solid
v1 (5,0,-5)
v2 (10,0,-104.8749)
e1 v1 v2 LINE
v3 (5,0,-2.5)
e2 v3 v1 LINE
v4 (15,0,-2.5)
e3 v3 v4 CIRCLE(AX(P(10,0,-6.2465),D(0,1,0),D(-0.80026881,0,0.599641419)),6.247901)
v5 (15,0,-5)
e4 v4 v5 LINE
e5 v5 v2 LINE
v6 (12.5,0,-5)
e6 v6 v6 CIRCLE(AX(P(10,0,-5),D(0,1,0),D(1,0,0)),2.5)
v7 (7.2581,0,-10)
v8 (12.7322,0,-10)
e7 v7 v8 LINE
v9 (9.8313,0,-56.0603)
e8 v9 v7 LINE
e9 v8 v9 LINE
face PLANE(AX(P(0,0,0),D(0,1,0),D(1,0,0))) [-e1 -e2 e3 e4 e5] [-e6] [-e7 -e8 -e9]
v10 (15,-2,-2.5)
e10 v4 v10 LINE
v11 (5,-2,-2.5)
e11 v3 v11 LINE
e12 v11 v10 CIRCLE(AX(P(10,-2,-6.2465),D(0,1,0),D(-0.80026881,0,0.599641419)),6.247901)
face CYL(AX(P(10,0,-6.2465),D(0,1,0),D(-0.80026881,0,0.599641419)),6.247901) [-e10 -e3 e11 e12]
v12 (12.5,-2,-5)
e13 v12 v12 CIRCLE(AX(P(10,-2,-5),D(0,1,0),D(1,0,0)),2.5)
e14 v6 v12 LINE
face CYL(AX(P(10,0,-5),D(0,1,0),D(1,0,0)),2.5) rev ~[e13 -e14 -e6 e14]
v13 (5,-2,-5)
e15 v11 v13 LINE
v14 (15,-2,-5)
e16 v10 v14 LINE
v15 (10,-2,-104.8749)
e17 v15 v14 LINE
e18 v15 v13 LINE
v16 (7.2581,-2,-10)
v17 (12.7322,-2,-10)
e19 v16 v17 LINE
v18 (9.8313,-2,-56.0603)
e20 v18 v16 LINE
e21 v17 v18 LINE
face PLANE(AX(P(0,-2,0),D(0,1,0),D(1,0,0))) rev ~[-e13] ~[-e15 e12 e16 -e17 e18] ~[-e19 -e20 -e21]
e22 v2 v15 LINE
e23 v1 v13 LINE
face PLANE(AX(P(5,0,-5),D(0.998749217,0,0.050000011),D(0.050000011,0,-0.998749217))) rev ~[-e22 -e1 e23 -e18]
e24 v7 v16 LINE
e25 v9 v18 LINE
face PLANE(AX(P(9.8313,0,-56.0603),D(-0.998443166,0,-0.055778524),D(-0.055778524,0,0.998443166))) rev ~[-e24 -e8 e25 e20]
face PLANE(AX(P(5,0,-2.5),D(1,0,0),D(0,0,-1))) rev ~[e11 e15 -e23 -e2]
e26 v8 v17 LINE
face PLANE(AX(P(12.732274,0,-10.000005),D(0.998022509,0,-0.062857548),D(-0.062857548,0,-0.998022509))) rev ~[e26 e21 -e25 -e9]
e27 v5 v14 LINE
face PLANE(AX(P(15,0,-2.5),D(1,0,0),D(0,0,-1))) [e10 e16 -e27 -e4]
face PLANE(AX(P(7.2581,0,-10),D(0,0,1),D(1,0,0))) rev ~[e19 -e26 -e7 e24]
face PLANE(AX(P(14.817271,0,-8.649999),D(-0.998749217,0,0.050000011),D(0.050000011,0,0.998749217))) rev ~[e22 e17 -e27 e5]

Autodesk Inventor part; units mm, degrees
ref_plane "YZ Plane" through (0, 0, 0) normal (1, 0, 0) x (0, 1, 0)
ref_plane "XZ Plane" through (0, 0, 0) normal (0, 1, 0) x (-1, 0, 0)
ref_plane "XY Plane" through (0, 0, 0) normal (0, 0, 1) x (1, 0, 0)
sketch "Szkic3" plane through (0, 0, 0) normal (0, 1, 0) x (-1, 0, 0)
  line L0 (0, 0) -> (10, 0)
  line L1 (10, 0) -> (10, -50)
  line L2 (10, -50) -> (0, -50)
  line L3 (0, -50) -> (0, 0)
  circle A0 centre (5, -5) radius 2.5
  arc A1 (10, -2.5) -> (0, -2.5) centre (5, -6.25) ccw
  line L4 (8, -50) -> (2, -50)
  line L5 (2, -50) -> (2, -10)
  line L6 (2, -10) -> (8, -10)
  line L7 (8, -10) -> (8, -50)
  line L8 (2, -10) -> (8, -16)
  line L9 (2, -10) -> (10.4853, -10) construction
  line L10 (8, -16) -> (8, -18)
  line L11 (8, -18) -> (2, -12)
  line L12 (2, -10) -> (2, -12)
  line L13 (8, -18) -> (8, -22)
  line L14 (2, -16) -> (8, -22)
  line L15 (8, -24) -> (2, -18)
  line L16 (8, -16) -> (8, -14)
  line L17 (8, -24) -> (8, -26)
  line L18 (2, -20) -> (8, -26)
  line L19 (8, -28) -> (2, -22)
  line L20 (8, -28) -> (8, -32)
  line L21 (2, -26) -> (8, -32)
  line L22 (8, -34) -> (2, -28)
  line L23 (8, -34) -> (8, -36)
  line L24 (2, -26) -> (8, -32)
  line L25 (8, -34) -> (2, -28)
  line L26 (8, -34) -> (8, -38)
  line L27 (2, -32) -> (8, -38)
  line L28 (8, -40) -> (2, -34)
  line L29 (8, -40) -> (8, -42)
  line L30 (2, -32) -> (8, -38)
  line L31 (8, -40) -> (2, -34)
  line L32 (8, -40) -> (8, -44)
  line L33 (2, -38) -> (8, -44)
  line L34 (8, -46) -> (2, -40)
  line L35 (8, -46) -> (8, -48)
  line L36 (2, -38) -> (8, -44)
  line L37 (8, -46) -> (2, -40)
  line L38 (8, -46) -> (8, -50)
  line L39 (8, -46) -> (8, -48)
  line L40 (8, -48) -> (2, -42)
  line L41 (2, -42) -> (2, -44)
  line L42 (2, -44) -> (8, -50)
  line L43 (7, -49) -> (2, -49)
  circle A2 centre (5, -5) radius 3.25
  dimension "d9" = 10
  dimension "d10" = 50
  dimension "d11" = 5
  dimension "d12" = 6
  dimension "d13" = 40
  dimension "d14" = 45
  dimension "d15" = 2
  dimension "d16" = 4
  dimension "d17" = 2
  dimension "d18" = 2
  dimension "d19" = 2
  dimension "d20" = 2
  dimension "d21" = 4
  dimension "d22" = 2
  dimension "d23" = 2
  dimension "d24" = 2
  dimension "d25" = 4
  dimension "d26" = 2
  dimension "d27" = 2
  dimension "d28" = 2
  dimension "d29" = 4
  dimension "d30" = 2
  dimension "d32" = 2
  dimension "d36" = 2
  dimension "d37" = 2
  dimension "d42" = 6.5
extrude "Wyciągnięcie proste2" add sketch "Szkic3" against normal blind 2 contours A1 L1 L2 L7 L6 L5 L3 | L5 L43 L42 L2 | L42 L5 L40 L7 | L34 L5 L33 L7 | L28 L5 L27 L7 | L5 L21 L7 L22 | L5 L18 L7 L19 | L5 L14 L7 L15 | L5 L8 L7 L11 | A2
ref_plane "Płaszczyzna konstrukcyjna1" through (0, 0, -50) normal (0, 0, -1) x (-1, 0, 0)
mirror "Odbij1" about plane through (0, 0, -50) normal (0, 0, -1) of "Wyciągnięcie proste2"
sketch "Szkic4" plane through (0, 0, 0) normal (0, 1, 0) x (1, 0, 0)
  line L0 (-7.5, 91.0504) -> (-2.5, 91.0504)
  line L1 (-2.5, 91.0504) -> (-2.5, 98.6571)
  line L2 (-2.5, 98.6571) -> (-7.5, 98.6571)
  line L3 (-7.5, 98.6571) -> (-7.5, 91.0504)
  point P0 (0, 0)
extrude "Wyciągnięcie proste3" cut sketch "Szkic4" against normal blind 2
sketch "Szkic5" plane through (0, 0, 0) normal (0, 1, 0) x (1, 0, 0)
  line L0 (-10, 2.5) -> (-10, 97.5) projected
  line L1 (-10, 97.5) -> (-10, 67.5)
  line L2 (-10, 67.5) -> (-13, 67.5)
  line L3 (-13, 67.5) -> (-13, 97.5)
  line L4 (-13, 97.5) -> (-10, 97.5)
  arc A0 (0, 97.5) -> (-10, 97.5) centre (-5, 93.75) ccw projected
  line L5 (-5, 100) -> (-5, 49.8742)
  line L6 (-5, 100) -> (45.1258, 100) construction
  line L7 (-13, 67.5) -> (-10, 62.3038)
  line L8 (-13, 67.5) -> (-7, 67.5) construction
  line L9 (-10, 62.3038) -> (-10, 67.5)
  line L10 (0, 2.5) -> (0, 97.5)
  line L11 (0, 67.5) -> (3, 67.5)
  line L12 (3, 67.5) -> (3, 97.5)
  line L13 (3, 97.5) -> (0, 97.5)
  line L14 (3, 67.5) -> (0, 62.3038)
  arc A1 (3, 97.5) -> (-13, 97.5) centre (-5, 94.4495) ccw
  point P0 (0, 0)
  dimension "d43" = 30
  dimension "d44" = 3
  dimension "d45" = 90
  dimension "d46" = 60
extrude "Wyciągnięcie proste4" add sketch "Szkic5" against normal blind 2
sketch "Szkic6" plane through (0, 0, 0) normal (0, 1, 0) x (1, 0, 0)
  line L0 (-10, 62.3038) -> (-10, 2.5) projected
  line L1 (-10, 62.3038) -> (-10, 97.356)
  line L2 (-10, 97.356) -> (0, 97.356)
  line L3 (0, 97.356) -> (0, 62.3038)
  line L4 (0, 62.3038) -> (-10, 62.3038)
  point P0 (0, 0)
extrude "Wyciągnięcie proste5" cut sketch "Szkic6" against normal blind 2
sketch "Szkic7" plane through (0, 0, 0) normal (0, 1, 0) x (1, 0, 0)
  line L0 (-10, 62.3038) -> (-8, 62.3038) projected
  line L1 (-10, 62.3038) -> (-10, 67.4287)
  line L2 (-10, 62.3038) -> (-10, 97.356) projected
  line L3 (-10, 67.4287) -> (0, 67.4287)
  line L4 (0, 62.3038) -> (0, 97.356) projected
  line L5 (0, 62.3038) -> (0, 67.4287)
  line L6 (0, 62.3038) -> (-2, 62.3038) projected
  line L7 (-10, 2.5) -> (-10, 62.3038) projected
  line L8 (0, 62.3038) -> (-10, 62.3038)
  line L9 (-10, 62.3038) -> (-10, 61.2351)
  line L10 (-10, 61.2351) -> (0, 61.2351)
  line L11 (0, 61.2351) -> (0, 62.3038)
  line L12 (-10, 61.2351) -> (0, 61.2351)
  line L13 (0, 2.5) -> (0, 62.3038) projected
  line L14 (0, 61.2351) -> (0, 67.4287)
  line L15 (0, 67.4287) -> (-10, 67.4287)
  line L16 (-10, 61.2351) -> (-10, 67.4287)
  point P0 (0, 0)
extrude "Wyciągnięcie proste6" add sketch "Szkic7" against normal blind 2
sketch "Szkic8" plane through (0, 0, 0) normal (0, 1, 0) x (1, 0, 0)
  line L0 (-7.5, 97.356) -> (-10, 97.356) projected
  line L1 (-10, 97.356) -> (-11, 97.356)
  line L2 (-11, 97.356) -> (-11, 67.4287)
  line L3 (-11, 67.4287) -> (-10, 67.4287)
  line L4 (-10, 67.4287) -> (-10, 97.356)
  line L5 (0, 97.356) -> (1, 97.356)
  line L6 (1, 97.356) -> (1, 67.4287)
  line L7 (1, 67.4287) -> (0, 67.4287)
  line L8 (0, 67.4287) -> (0, 97.356)
  line L9 (-11, 67.4287) -> (1, 67.4287)
  line L10 (1, 67.4287) -> (1, 72.7222)
  line L11 (1, 72.7222) -> (-11, 72.7222)
  line L12 (-11, 72.7222) -> (-11, 67.4287)
  point P0 (0, 0)
  point P1 (0, 72.7222)
  point P2 (-10, 72.7222)
  dimension "d53" = 1
  dimension "d54" = 1
extrude "Wyciągnięcie proste7" cut sketch "Szkic8" against normal blind 2 contours L4 L11 L2 L1 | L8 L5 L6 L11
sketch "Szkic9" plane through (0, 0, 0) normal (0, 1, 0) x (1, 0, 0)
  line L0 (-10, 72.7222) -> (0, 72.7222)
  line L1 (0, 72.7222) -> (0, 67.3617)
  line L2 (0, 67.3617) -> (-10, 67.3617)
  line L3 (-10, 67.3617) -> (-10, 72.7222)
  point P0 (0, 0)
extrude "Wyciągnięcie proste8" add sketch "Szkic9" against normal blind 2
sketch "Szkic10" plane through (0, 0, 0) normal (0, 1, 0) x (1, 0, 0)
  point P0 (0, 0)
split "Podział1" plane through (0, 0, -50) removes the side toward (0, 0, -1)
sketch "Szkic11" plane through (0, 0, 0) normal (0, 1, 0) x (1, 0, 0)
  line L0 (-10, 2.5) -> (-10, 50) projected
  line L1 (-10, 50) -> (0, 50)
  line L2 (0, 50) -> (0, 100)
  line L3 (0, 100) -> (-10, 100)
  line L4 (-10, 100) -> (-10, 50)
  line L5 (-10, 100) -> (0, 100)
  line L6 (0, 100) -> (0, 124.634)
  line L7 (0, 124.634) -> (-10, 124.634)
  line L8 (-10, 124.634) -> (-10, 100)
  line L9 (-10, 124.634) -> (-11, 124.634)
  line L10 (-11, 124.634) -> (-11, 100)
  line L11 (-11, 100) -> (-10, 100)
  line L12 (-10, 100) -> (-10, 124.634)
  line L13 (0, 124.634) -> (1, 124.634)
  line L14 (1, 124.634) -> (1, 100)
  line L15 (1, 100) -> (0, 100)
  line L16 (0, 100) -> (0, 124.634)
  line L17 (-11, 100) -> (-9, 100) construction
  line L18 (1, 100) -> (3, 100) construction
  line L19 (-11, 124.634) -> (1, 124.634)
  line L20 (1, 124.634) -> (1, 126.634)
  line L21 (1, 126.634) -> (-11, 126.634)
  line L22 (-11, 126.634) -> (-11, 124.634)
  line L23 (-11, 100) -> (-12, 100)
  line L24 (-12, 100) -> (-12, 126.634)
  line L25 (-12, 126.634) -> (-11, 126.634)
  line L26 (-11, 126.634) -> (-11, 100)
  line L27 (1, 126.634) -> (2, 126.634)
  line L28 (2, 126.634) -> (2, 100)
  line L29 (2, 100) -> (1, 100)
  line L30 (1, 100) -> (1, 126.634)
  line L31 (-12, 100) -> (-10, 96.5359)
  line L32 (-12, 100) -> (-8, 100) construction
  line L33 (2, 100) -> (0, 96.5359)
  line L34 (2, 100) -> (6, 100) construction
  line L35 (-10, 124.634) -> (-10.5, 124.634)
  line L36 (-10.5, 124.634) -> (-10.5, 100)
  line L37 (0.5, 100) -> (0.5, 124.634)
  line L38 (0.75, 100) -> (0.75, 124.634)
  line L39 (-11, 100) -> (-10.75, 100)
  line L40 (-10.75, 100) -> (-10.75, 124.634)
  point P0 (0, 0)
  dimension "d59" = 10
  dimension "d60" = 50
  dimension "d61" = 10
  dimension "d62" = 24.634
  dimension "d63" = 1
  dimension "d64" = 1
  dimension "d67" = 2
  dimension "d68" = 1
  dimension "d69" = 1
  dimension "d70" = 60
  dimension "d71" = 120
  dimension "d90" = 0.5
  dimension "d107" = 0.25
extrude "Wyciągnięcie proste9" add sketch "Szkic11" against normal blind 2 contours L4 L3 L2 L1 | L31 L23 L11 L4 | L2 L15 L29 L33 | L24 L25 L22 L10 L23 | L29 L14 L20 L27 L28 | L9 L22 L21 L20 L13 L7
sketch "Szkic12" plane through (0, 0, 0) normal (0, 1, 0) x (1, 0, 0)
  line L0 (-8, 51.0298) -> (-2, 51.0298)
  line L1 (-2, 51.0298) -> (-2, 96.6875)
  line L2 (-2, 96.6875) -> (-8, 96.6875)
  line L3 (-8, 96.6875) -> (-8, 51.0298)
  line L4 (-8, 51.0298) -> (-2, 54.4939)
  line L5 (-8, 51.0298) -> (-1.0718, 51.0298) construction
  line L6 (-2, 54.4939) -> (-2, 59.4939)
  line L7 (-2, 59.4939) -> (-8, 56.0298)
  line L8 (-8, 51.0298) -> (-8, 56.0298)
  line L9 (-8, 56.0298) -> (-8, 61.0298)
  line L10 (-8, 61.0298) -> (-2, 64.4939)
  line L11 (-2, 64.4939) -> (-2, 69.4939)
  line L12 (-2, 69.4939) -> (-8, 66.0298)
  line L13 (-8, 61.0298) -> (-8, 66.0298)
  line L14 (-8, 66.0298) -> (-2, 69.4939)
  line L15 (-2, 74.4939) -> (-8, 71.0298)
  line L16 (-8, 76.0298) -> (-2, 79.4939)
  line L17 (-2, 84.4939) -> (-8, 81.0298)
  line L18 (-8, 71.0298) -> (-2, 74.4939)
  line L19 (-2, 79.4939) -> (-8, 76.0298)
  line L20 (-8, 81.0298) -> (-2, 84.4939)
  line L21 (-2, 89.4939) -> (-8, 86.0298)
  line L22 (-8, 76.0298) -> (-2, 79.4939)
  line L23 (-2, 84.4939) -> (-8, 81.0298)
  line L24 (-8, 86.0298) -> (-2, 89.4939)
  line L25 (-2, 94.4939) -> (-8, 91.0298)
  point P0 (0, 0)
  dimension "d74" = 30
  dimension "d75" = 5
  dimension "d76" = 5
  dimension "d77" = 5
  dimension "d78" = 5
  dimension "d79" = 5
  dimension "d80" = 5
  dimension "d81" = 5
  dimension "d82" = 5
  dimension "d83" = 5
  dimension "d84" = 5
  dimension "d85" = 5
  dimension "d86" = 5
extrude "Wyciągnięcie proste10" cut sketch "Szkic12" against normal blind 2 contours L3 L7 L1 L4 | L3 L12 L1 L10 | L3 L16 L1 L15 | L3 L21 L1 L17 | L3 L2 L1 L25
sketch "Szkic14" plane through (0, 0, 0) normal (0, 1, 0) x (1, 0, 0)
  arc A0 (5, 2.5) -> (15, 2.5) centre (10, 6.2465) ccw
  circle A1 centre (10, 5) radius 2.5
  line L0 (5, 2.5) -> (5, 5)
  line L1 (15, 2.5) -> (15, 5)
  line L2 (5, 5) -> (10, 104.8749)
  line L3 (10, 104.8749) -> (15, 5)
  line L4 (5.1827, 8.65) -> (14.8173, 8.65)
  line L5 (6.9979, 8.65) -> (12.6647, 8.65) construction
  line L6 (5.1827, 8.65) -> (7.1827, 8.65)
  line L7 (14.8173, 8.65) -> (12.8173, 8.65)
  line L8 (12.8173, 8.65) -> (9.8313, 56.0603)
  line L9 (9.8313, 56.0603) -> (7.1827, 8.65)
  line L10 (7.2581, 10) -> (12.7322, 10)
  point P0 (0, 0)
  dimension "d91" = 10
  dimension "d92" = 5
  dimension "d93" = 100
  dimension "d103" = 2
  dimension "d104" = 2
extrude "Wyciągnięcie proste11" add sketch "Szkic14" against normal blind 2 contours L0 L2 L4 L3 L1 A0 | L2 L3 L4 L8 L9 | L9 L10 L8 L4
sketch "Szkic15" plane through (0, 0, 0) normal (0, 1, 0) x (1, 0, 0)
  line L0 (-8, 91.0298) -> (-8, 96.6875) projected
  line L1 (-2, 10) -> (-8, 10) projected
  line L2 (-8, 96.6875) -> (-2, 96.6875)
  line L3 (-2, 96.6875) -> (-2, 10)
  line L4 (-2, 10) -> (-8, 10)
  line L5 (-8, 10) -> (-8, 96.6875)
  point P0 (0, 0)
extrude "Wyciągnięcie proste12" cut sketch "Szkic15" against normal blind 2
sketch "Szkic17" plane through (0, 0, 0) normal (0, 1, 0) x (1, 0, 0)
  line L0 (-2, 96.6875) -> (-8, 96.6875) projected
  line L1 (-8, 96.6875) -> (-8.5, 96.6875)
  line L2 (-8.5, 96.6875) -> (-7.5, 96.6875)
  line L3 (-2, 96.6875) -> (-2.5, 96.6875)
  line L4 (-2.5, 96.6875) -> (-1.5, 96.6875)
  line L5 (-8, 9.9943) -> (-8.5, 9.9943)
  line L6 (-8.5, 9.9943) -> (-7.5, 9.9943)
  line L7 (-2, 10) -> (-8, 10) projected
  line L8 (-2, 10) -> (-1.5, 10)
  line L9 (-1.5, 10) -> (-2.5, 10)
  line L10 (-1.5, 10) -> (-7.5, 96.6875)
  line L11 (-8.5, 96.6875) -> (-2.5, 10)
  line L12 (-7.5, 9.9943) -> (-1.5, 96.6875)
  line L13 (-2.5, 96.6875) -> (-8.5, 9.9943)
  point P0 (0, 0)
  point P1 (-4.9999, 60.5665)
  point P2 (-5.4999, 53.3423)
  point P3 (-4.9999, 46.1181)
  point P4 (-4.4999, 53.3423)
  dimension "d121" = 0.5
  dimension "d122" = 1
  dimension "d123" = 0.5
  dimension "d124" = 1
  dimension "d125" = 0.5
  dimension "d126" = 1
  dimension "d127" = 0.5
  dimension "d128" = 1
extrude "Wyciągnięcie proste14" add sketch "Szkic17" against normal blind 2 contours L4 L12 L10 L13 L0 | L10 L13 L11 L1 L0 | L10 L12 L11 L13 | L10 L8 L7 L11 L12 | L11 L12 L6 L5 L13
ref_plane "Płaszczyzna konstrukcyjna5" through (3.75, 0, -2.5) normal (-1, 0, 0) x (0, -1, 0)
ref_plane "Płaszczyzna konstrukcyjna4" through (0, 0, -2.5) normal (-1, 0, 0) x (0, -1, 0)
split "Podział2" plane through (3.75, 0, -2.5) removes the side toward (-1, 0, 0)
split "Podział3" plane through (3.75, 0, -2.5) removes the side toward (-1, 0, 0)
sketch "Szkic18" plane through (3.75, 0, -2.5) normal (-1, 0, 0) x (0, -1, 0)
  line L0 (-7.6237, -125.0024) -> (12.1257, -125.0024)
  line L1 (12.1257, -125.0024) -> (12.1257, 3.8459)
  line L2 (12.1257, 3.8459) -> (-7.6237, 3.8459)
  line L3 (-7.6237, 3.8459) -> (-7.6237, -125.0024)
  point P0 (0, 2.5)
extrude "Wyciągnięcie proste15" cut sketch "Szkic18" along normal blind 70
properties part number "arm_v2(arm-point)"
